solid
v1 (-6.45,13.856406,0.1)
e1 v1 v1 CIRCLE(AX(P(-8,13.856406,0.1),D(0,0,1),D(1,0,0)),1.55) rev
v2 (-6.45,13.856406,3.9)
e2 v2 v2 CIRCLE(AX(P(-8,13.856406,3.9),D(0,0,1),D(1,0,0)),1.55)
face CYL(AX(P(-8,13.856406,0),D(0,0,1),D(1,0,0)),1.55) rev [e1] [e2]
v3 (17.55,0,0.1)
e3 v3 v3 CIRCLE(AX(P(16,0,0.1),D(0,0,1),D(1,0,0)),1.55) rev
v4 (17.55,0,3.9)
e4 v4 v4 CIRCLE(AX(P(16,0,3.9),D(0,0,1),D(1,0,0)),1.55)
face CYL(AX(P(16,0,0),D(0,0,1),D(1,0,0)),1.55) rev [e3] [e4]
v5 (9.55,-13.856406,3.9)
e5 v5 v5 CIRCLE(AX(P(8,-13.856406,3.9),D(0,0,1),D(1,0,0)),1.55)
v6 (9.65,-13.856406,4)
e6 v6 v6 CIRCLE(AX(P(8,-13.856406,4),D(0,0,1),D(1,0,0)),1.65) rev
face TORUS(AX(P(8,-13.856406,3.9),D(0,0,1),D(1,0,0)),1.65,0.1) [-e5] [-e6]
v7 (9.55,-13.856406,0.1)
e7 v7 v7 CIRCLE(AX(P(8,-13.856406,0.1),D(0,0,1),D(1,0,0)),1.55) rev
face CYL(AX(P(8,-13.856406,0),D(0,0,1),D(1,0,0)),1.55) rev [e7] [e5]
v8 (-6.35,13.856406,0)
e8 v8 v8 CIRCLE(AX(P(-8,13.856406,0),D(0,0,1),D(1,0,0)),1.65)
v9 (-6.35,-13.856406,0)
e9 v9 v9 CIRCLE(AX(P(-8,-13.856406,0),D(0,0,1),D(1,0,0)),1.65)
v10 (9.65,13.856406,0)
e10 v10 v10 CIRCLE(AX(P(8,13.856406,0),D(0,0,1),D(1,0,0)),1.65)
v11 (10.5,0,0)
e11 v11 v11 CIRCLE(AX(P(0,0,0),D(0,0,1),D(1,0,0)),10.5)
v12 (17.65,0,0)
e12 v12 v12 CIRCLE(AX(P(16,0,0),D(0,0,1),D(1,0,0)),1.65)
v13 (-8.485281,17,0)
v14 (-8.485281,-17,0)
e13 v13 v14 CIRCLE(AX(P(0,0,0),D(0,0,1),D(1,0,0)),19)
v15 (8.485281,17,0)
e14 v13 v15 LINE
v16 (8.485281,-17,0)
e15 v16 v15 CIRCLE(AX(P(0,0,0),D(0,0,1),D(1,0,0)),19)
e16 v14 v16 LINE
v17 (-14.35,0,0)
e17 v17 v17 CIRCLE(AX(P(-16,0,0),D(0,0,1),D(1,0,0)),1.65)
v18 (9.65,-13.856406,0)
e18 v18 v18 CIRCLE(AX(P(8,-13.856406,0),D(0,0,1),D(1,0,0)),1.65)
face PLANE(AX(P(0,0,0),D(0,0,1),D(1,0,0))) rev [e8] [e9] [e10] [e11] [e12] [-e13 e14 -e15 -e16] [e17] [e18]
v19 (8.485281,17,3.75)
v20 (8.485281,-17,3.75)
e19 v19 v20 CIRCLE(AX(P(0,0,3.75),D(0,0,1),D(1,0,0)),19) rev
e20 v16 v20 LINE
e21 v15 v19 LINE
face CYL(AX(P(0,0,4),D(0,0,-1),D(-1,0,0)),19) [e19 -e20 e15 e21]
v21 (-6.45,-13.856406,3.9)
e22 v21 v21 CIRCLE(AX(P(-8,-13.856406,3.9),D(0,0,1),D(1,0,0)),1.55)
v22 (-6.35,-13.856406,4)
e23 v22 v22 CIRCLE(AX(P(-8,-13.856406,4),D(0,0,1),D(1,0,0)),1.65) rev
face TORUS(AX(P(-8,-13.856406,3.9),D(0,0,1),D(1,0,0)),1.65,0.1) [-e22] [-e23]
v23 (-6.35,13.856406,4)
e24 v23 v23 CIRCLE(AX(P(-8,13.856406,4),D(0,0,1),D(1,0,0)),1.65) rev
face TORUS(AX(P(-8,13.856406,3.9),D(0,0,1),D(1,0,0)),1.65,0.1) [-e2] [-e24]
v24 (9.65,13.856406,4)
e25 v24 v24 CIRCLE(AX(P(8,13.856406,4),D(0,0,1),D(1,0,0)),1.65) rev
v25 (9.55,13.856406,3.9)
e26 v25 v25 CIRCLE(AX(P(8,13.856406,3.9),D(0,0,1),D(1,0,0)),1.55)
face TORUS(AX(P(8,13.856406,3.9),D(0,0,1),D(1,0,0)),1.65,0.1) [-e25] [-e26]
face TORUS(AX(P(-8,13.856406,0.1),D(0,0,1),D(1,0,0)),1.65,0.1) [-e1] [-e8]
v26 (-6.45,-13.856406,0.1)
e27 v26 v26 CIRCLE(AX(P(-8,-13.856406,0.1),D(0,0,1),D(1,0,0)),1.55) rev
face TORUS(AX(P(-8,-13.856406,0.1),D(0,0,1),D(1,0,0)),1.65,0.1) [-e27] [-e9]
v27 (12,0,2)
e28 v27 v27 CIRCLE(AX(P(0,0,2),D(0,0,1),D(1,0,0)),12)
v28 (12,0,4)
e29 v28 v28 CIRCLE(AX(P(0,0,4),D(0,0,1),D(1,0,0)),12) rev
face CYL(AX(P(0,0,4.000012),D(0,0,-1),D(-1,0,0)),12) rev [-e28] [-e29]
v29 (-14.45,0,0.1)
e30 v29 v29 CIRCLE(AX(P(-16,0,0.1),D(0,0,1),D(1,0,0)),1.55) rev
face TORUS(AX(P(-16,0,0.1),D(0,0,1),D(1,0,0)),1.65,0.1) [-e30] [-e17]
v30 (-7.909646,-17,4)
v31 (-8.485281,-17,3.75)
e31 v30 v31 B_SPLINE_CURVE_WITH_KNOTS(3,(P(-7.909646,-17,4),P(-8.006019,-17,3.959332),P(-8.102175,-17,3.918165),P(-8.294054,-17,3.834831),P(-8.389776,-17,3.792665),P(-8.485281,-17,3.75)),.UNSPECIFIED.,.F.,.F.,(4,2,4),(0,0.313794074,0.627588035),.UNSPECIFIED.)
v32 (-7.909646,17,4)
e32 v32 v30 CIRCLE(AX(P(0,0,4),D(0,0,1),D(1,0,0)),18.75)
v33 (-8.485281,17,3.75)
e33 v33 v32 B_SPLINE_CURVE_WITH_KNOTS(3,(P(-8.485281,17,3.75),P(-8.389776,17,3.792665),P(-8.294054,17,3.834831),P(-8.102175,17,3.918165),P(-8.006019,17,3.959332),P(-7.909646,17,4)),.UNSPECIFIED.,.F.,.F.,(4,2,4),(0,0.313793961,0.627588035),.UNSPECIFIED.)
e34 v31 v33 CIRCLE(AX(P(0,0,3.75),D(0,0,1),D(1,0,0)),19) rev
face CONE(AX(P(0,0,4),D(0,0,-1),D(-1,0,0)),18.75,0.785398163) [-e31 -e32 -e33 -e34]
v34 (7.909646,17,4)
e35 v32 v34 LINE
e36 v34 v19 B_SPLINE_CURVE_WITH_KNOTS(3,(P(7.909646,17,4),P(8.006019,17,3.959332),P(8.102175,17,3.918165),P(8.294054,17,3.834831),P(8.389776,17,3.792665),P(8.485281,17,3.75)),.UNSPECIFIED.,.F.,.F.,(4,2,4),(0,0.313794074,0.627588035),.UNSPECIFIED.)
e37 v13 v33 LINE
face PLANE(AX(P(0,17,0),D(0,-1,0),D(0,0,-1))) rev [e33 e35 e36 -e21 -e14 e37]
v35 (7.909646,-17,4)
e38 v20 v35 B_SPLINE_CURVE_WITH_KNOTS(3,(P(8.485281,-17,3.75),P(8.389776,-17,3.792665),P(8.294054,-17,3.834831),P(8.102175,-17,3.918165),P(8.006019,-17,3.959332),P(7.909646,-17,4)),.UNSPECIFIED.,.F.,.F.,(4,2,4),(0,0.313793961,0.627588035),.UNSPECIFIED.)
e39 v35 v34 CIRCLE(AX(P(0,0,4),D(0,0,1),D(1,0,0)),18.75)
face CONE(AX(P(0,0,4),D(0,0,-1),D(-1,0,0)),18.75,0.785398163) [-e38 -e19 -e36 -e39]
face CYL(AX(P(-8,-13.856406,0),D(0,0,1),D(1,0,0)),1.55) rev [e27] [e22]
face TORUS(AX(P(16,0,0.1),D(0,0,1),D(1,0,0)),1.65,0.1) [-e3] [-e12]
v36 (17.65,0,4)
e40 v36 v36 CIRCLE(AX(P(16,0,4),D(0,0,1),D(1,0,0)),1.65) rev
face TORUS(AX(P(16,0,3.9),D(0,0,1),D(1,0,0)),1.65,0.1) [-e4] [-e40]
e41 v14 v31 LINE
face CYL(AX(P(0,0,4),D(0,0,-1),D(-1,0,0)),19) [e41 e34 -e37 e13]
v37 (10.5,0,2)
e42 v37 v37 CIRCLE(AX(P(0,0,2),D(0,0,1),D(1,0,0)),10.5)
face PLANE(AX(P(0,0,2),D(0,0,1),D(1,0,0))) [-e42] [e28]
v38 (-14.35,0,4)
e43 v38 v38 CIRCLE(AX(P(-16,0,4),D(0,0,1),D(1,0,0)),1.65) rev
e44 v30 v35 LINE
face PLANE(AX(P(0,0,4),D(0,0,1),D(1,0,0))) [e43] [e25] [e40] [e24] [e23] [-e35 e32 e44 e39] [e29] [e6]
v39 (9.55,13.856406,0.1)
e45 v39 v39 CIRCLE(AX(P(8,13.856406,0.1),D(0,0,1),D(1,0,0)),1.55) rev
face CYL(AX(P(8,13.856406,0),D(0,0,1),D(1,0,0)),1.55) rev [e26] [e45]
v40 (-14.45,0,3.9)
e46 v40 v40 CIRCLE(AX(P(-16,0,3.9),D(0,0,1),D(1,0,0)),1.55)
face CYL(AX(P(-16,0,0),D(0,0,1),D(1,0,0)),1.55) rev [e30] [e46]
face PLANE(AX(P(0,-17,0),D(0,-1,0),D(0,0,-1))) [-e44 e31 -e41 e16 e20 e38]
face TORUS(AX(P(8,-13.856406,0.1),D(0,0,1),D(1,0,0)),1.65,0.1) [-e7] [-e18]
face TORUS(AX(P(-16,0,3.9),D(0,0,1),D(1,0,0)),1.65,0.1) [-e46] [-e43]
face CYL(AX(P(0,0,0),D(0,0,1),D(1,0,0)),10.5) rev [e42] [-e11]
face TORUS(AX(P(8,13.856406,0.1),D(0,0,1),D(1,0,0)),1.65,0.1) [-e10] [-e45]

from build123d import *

# Parameters (mm, degrees)
SKETCH1_R               = 19
BOSS_EXTRUDE1_DEPTH     = 4
CUT_EXTRUDE1_DEPTH      = 1
CUT_EXTRUDE1_DEPTH_BACK = 5
SKETCH3_R               = 1.55
CUT_EXTRUDE2_DEPTH      = 1
CUT_EXTRUDE2_DEPTH_BACK = 5
FILLET1_R               = 0.1
SKETCH4_R               = 12
CUT_EXTRUDE3_DEPTH      = 1
CUT_EXTRUDE3_DEPTH_BACK = 2
SKETCH5_R               = 10.5
CUT_EXTRUDE4_DEPTH      = 2
CHAMFER2_SIZE           = 0.25


with BuildPart() as part:
    # Sketch1 → Boss-Extrude1 (new body)
    with BuildSketch(Plane.XY):
        Circle(SKETCH1_R)
    extrude(amount=BOSS_EXTRUDE1_DEPTH)

    # Sketch2 → Cut-Extrude1 (cut, two sides)
    with BuildSketch(Plane.XY.offset(4)) as cut_extrude1_sk:
        with BuildLine():
            Line((8.485281374, -17), (-8.485281374, -17))
            ThreePointArc((-8.485281374, -17), (0, -19), (8.485281374, -17))
        make_face()
        with BuildLine():
            ThreePointArc((-6.7e-08, 19), (-4.358898976, 18.493242001), (-8.485281374, 17))
            Line((-8.485281374, 17), (8.485281374, 17))
            ThreePointArc((8.485281374, 17), (4.358898911, 18.493242017), (-6.7e-08, 19))
        make_face()
    extrude(amount=CUT_EXTRUDE1_DEPTH, mode=Mode.SUBTRACT)
    extrude(cut_extrude1_sk.sketch, amount=-CUT_EXTRUDE1_DEPTH_BACK, mode=Mode.SUBTRACT)

    # Sketch3 → Cut-Extrude2 (cut, two sides)
    with BuildSketch(Plane.XY.offset(4)) as cut_extrude2_sk:
        with Locations((-16, 0)):
            Circle(SKETCH3_R)
        with Locations((-8, 13.856406461)):
            Circle(SKETCH3_R)
        with Locations((8, 13.856406461)):
            Circle(SKETCH3_R)
        with Locations((16, 0)):
            Circle(SKETCH3_R)
        with Locations((8, -13.856406461)):
            Circle(SKETCH3_R)
        with Locations((-8, -13.856406461)):
            Circle(SKETCH3_R)
    extrude(amount=CUT_EXTRUDE2_DEPTH, mode=Mode.SUBTRACT)
    extrude(cut_extrude2_sk.sketch, amount=-CUT_EXTRUDE2_DEPTH_BACK, mode=Mode.SUBTRACT)

    # Fillet1
    fillet1_edges = [part.edges().sort_by_distance(p)[0] for p in [
        (-17.55, 0, 4),
        (-17.55, 0, 0),
        (-9.55, -13.856406461, 4),
        (-9.55, -13.856406461, 0),
        (6.45, -13.856406461, 4),
        (6.45, -13.856406461, 0),
        (14.45, 0, 4),
        (14.45, 0, 0),
        (6.45, 13.856406461, 4),
        (6.45, 13.856406461, 0),
        (-9.55, 13.856406461, 4),
        (-9.55, 13.856406461, 0),
    ]]
    fillet(fillet1_edges, radius=FILLET1_R)

    # Sketch4 → Cut-Extrude3 (cut, two sides)
    with BuildSketch(Plane.XY.offset(4)) as cut_extrude3_sk:
        Circle(SKETCH4_R)
    extrude(amount=CUT_EXTRUDE3_DEPTH, mode=Mode.SUBTRACT)
    extrude(cut_extrude3_sk.sketch, amount=-CUT_EXTRUDE3_DEPTH_BACK, mode=Mode.SUBTRACT)

    # Sketch5 → Cut-Extrude4 (cut)
    with BuildSketch(Plane.XY.offset(2)):
        Circle(SKETCH5_R)
    extrude(amount=-CUT_EXTRUDE4_DEPTH, mode=Mode.SUBTRACT)

    # Chamfer2
    chamfer2_edges = [part.edges().sort_by_distance(p)[0] for p in [
        (-19, 0, 4),
        (19, 0, 4),
    ]]
    chamfer(chamfer2_edges, length=CHAMFER2_SIZE)


solid = part.part
